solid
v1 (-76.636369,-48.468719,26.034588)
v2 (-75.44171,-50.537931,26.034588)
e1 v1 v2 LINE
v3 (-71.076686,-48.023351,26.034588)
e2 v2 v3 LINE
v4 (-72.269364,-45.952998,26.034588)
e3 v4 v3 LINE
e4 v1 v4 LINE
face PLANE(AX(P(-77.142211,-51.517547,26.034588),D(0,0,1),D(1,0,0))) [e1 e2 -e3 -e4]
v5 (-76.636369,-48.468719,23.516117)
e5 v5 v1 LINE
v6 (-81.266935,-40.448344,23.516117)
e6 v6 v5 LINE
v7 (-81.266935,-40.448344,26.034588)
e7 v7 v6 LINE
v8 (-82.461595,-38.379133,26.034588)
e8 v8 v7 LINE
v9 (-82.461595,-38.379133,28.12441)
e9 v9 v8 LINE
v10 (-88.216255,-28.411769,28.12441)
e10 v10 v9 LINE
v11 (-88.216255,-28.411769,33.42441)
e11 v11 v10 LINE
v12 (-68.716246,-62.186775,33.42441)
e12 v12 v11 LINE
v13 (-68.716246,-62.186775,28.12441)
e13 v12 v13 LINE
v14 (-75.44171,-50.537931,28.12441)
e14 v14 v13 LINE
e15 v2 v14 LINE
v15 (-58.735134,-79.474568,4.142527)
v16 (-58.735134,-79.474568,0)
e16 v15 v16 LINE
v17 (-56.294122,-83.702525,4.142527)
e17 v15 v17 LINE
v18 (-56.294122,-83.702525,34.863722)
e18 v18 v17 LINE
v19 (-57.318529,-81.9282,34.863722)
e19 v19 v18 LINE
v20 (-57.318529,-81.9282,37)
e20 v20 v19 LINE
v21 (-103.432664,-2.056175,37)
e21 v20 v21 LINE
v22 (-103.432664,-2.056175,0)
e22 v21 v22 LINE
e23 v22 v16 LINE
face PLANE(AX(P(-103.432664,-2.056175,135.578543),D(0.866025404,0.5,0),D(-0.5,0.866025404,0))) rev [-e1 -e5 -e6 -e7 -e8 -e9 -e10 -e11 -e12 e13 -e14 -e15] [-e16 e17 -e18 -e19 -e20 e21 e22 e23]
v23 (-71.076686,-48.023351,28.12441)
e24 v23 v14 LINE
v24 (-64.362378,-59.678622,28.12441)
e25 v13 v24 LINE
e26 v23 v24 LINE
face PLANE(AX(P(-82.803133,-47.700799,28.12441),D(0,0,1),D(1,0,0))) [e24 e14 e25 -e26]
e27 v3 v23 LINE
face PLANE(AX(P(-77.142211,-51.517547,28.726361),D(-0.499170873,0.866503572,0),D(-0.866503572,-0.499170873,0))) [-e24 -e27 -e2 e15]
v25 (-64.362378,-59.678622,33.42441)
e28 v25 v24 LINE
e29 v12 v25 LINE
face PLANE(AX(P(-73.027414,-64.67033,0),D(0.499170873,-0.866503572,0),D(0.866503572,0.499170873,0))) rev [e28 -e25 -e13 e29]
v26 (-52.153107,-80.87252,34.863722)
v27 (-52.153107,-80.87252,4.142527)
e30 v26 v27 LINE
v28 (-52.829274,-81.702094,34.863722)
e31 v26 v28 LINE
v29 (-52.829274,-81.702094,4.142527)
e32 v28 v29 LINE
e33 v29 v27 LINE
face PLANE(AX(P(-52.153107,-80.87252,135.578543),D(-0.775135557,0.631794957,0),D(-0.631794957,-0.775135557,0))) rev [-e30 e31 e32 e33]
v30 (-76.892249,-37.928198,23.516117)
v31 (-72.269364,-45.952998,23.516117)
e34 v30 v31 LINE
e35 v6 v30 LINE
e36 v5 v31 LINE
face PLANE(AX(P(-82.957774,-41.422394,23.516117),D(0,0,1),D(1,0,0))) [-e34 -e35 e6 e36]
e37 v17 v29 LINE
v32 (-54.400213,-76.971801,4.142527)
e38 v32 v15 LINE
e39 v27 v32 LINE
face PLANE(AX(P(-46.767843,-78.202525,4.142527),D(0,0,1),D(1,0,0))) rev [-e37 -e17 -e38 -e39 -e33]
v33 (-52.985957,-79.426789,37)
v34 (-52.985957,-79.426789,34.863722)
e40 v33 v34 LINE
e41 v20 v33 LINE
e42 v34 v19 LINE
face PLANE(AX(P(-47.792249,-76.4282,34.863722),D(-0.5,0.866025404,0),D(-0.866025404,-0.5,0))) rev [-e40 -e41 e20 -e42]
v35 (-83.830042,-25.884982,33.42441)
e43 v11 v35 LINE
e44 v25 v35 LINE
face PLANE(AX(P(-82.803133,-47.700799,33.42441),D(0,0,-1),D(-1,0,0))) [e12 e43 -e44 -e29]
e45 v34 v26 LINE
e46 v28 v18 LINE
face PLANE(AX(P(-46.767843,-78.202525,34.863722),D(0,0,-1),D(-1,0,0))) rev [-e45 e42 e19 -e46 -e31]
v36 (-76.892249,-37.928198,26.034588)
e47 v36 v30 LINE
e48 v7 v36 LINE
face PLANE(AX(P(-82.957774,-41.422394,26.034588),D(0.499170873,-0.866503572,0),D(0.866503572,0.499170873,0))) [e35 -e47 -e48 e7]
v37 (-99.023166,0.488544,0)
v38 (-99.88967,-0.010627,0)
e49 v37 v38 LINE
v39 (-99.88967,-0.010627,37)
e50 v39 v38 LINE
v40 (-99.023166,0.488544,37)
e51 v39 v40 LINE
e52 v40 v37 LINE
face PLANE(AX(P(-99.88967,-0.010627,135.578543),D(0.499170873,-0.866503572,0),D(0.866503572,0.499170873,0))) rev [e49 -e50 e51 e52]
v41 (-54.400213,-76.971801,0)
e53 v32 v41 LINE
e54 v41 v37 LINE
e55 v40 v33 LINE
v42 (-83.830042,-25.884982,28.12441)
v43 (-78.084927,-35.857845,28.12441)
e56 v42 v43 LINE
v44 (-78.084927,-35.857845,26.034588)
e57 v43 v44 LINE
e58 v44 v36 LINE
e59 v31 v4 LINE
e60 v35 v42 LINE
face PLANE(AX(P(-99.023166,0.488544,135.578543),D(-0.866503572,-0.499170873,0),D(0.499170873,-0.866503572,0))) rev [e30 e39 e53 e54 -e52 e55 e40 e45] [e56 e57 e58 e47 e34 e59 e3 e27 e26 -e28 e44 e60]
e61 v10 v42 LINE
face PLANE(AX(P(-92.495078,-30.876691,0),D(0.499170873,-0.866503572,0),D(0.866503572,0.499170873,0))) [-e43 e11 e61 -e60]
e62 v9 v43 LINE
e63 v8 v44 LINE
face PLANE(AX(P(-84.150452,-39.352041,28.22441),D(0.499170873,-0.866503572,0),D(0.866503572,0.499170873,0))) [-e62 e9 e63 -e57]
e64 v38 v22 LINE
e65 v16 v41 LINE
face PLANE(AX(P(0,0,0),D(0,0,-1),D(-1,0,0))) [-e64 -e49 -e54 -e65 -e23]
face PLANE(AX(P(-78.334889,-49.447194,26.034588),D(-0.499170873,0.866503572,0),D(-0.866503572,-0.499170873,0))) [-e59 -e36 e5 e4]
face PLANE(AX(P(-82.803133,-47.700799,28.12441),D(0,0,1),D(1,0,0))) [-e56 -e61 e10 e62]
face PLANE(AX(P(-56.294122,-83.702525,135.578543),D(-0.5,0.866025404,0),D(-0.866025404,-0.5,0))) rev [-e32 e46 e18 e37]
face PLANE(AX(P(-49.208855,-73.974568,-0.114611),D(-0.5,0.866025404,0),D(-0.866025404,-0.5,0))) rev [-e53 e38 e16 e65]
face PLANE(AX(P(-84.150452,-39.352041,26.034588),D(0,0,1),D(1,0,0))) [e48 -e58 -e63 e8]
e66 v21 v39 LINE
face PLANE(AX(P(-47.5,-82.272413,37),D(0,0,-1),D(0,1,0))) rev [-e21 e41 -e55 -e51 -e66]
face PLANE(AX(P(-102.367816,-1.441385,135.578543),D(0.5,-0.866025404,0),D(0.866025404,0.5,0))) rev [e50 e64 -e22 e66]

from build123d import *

# Parameters (mm, degrees)
SALIENTE_EXTRUIR1_DEPTH = 37
CORTAR_EXTRUIR1_DEPTH   = 11
CROQUIS4_W              = 5.3
CROQUIS4_H              = 39
CORTAR_EXTRUIR2_DEPTH   = 10
CORTAR_EXTRUIR3_DEPTH   = 7


with BuildPart() as part:
    # Croquis1 → Saliente-Extruir1 (new body)
    with BuildSketch(Plane.XY):
        Polygon((-99.889669891, -0.010626503), (-102.367816062, -1.441384861), (-103.432664129, -2.05617518), (-56.294122108, -83.702524956), (-52.829274, -81.702093968), (-52.153107423, -80.87251983), (-99.02316632, 0.48854437), align=None)
    extrude(amount=SALIENTE_EXTRUIR1_DEPTH)

    # Croquis2 → Cortar-Extruir1 (cut)
    with BuildSketch(Plane(origin=(-78.464848067, -45.301701153, 0), x_dir=(0, 0, 1), z_dir=(-0.866025404, -0.5, 0))):
        Polygon((4.142527364, -44.341451899), (4.142527364, -39.459427934), (0, -39.459427934), (-0.114610865, -39.459427934), (-0.114610865, -44.663143407), (4.142527364, -44.663143407), align=None)
        Polygon((34.863722121, -44.341451919), (34.863722121, -42.292638437), (37, -42.292638437), (37.495969664, -42.292638437), (37.495969664, -44.984834896), (34.863722121, -44.984834896), align=None)
    extrude(amount=-CORTAR_EXTRUIR1_DEPTH, mode=Mode.SUBTRACT)

    # Croquis4 → Cortar-Extruir2 (cut)
    with BuildSketch(Plane(origin=(-74.09577594, -42.782555705, 0), x_dir=(0, 0, 1), z_dir=(-0.866503572, -0.499170873, 0))):
        with Locations((30.774409531, 0.000869875)):
            Rectangle(CROQUIS4_W, CROQUIS4_H)
    extrude(amount=CORTAR_EXTRUIR2_DEPTH, mode=Mode.SUBTRACT)

    # Croquis5 → Cortar-Extruir3 (cut)
    with BuildSketch(Plane(origin=(-74.09577594, -42.782555705, 0), x_dir=(0, 0, 1), z_dir=(-0.866503572, -0.499170873, 0))):
        Polygon((28.224409531, 7.991554704), (26.034587607, 7.991554704), (26.034587607, 5.602236085), (23.516116629, 5.602236085), (23.516116629, -3.658890685), (26.034587607, -3.658890685), (26.034587607, -6.048209304), (28.224409531, -6.048209304), (28.726361193, -6.048209304), (28.726361193, 7.991554704), align=None)
    extrude(amount=CORTAR_EXTRUIR3_DEPTH, mode=Mode.SUBTRACT)


solid = part.part
